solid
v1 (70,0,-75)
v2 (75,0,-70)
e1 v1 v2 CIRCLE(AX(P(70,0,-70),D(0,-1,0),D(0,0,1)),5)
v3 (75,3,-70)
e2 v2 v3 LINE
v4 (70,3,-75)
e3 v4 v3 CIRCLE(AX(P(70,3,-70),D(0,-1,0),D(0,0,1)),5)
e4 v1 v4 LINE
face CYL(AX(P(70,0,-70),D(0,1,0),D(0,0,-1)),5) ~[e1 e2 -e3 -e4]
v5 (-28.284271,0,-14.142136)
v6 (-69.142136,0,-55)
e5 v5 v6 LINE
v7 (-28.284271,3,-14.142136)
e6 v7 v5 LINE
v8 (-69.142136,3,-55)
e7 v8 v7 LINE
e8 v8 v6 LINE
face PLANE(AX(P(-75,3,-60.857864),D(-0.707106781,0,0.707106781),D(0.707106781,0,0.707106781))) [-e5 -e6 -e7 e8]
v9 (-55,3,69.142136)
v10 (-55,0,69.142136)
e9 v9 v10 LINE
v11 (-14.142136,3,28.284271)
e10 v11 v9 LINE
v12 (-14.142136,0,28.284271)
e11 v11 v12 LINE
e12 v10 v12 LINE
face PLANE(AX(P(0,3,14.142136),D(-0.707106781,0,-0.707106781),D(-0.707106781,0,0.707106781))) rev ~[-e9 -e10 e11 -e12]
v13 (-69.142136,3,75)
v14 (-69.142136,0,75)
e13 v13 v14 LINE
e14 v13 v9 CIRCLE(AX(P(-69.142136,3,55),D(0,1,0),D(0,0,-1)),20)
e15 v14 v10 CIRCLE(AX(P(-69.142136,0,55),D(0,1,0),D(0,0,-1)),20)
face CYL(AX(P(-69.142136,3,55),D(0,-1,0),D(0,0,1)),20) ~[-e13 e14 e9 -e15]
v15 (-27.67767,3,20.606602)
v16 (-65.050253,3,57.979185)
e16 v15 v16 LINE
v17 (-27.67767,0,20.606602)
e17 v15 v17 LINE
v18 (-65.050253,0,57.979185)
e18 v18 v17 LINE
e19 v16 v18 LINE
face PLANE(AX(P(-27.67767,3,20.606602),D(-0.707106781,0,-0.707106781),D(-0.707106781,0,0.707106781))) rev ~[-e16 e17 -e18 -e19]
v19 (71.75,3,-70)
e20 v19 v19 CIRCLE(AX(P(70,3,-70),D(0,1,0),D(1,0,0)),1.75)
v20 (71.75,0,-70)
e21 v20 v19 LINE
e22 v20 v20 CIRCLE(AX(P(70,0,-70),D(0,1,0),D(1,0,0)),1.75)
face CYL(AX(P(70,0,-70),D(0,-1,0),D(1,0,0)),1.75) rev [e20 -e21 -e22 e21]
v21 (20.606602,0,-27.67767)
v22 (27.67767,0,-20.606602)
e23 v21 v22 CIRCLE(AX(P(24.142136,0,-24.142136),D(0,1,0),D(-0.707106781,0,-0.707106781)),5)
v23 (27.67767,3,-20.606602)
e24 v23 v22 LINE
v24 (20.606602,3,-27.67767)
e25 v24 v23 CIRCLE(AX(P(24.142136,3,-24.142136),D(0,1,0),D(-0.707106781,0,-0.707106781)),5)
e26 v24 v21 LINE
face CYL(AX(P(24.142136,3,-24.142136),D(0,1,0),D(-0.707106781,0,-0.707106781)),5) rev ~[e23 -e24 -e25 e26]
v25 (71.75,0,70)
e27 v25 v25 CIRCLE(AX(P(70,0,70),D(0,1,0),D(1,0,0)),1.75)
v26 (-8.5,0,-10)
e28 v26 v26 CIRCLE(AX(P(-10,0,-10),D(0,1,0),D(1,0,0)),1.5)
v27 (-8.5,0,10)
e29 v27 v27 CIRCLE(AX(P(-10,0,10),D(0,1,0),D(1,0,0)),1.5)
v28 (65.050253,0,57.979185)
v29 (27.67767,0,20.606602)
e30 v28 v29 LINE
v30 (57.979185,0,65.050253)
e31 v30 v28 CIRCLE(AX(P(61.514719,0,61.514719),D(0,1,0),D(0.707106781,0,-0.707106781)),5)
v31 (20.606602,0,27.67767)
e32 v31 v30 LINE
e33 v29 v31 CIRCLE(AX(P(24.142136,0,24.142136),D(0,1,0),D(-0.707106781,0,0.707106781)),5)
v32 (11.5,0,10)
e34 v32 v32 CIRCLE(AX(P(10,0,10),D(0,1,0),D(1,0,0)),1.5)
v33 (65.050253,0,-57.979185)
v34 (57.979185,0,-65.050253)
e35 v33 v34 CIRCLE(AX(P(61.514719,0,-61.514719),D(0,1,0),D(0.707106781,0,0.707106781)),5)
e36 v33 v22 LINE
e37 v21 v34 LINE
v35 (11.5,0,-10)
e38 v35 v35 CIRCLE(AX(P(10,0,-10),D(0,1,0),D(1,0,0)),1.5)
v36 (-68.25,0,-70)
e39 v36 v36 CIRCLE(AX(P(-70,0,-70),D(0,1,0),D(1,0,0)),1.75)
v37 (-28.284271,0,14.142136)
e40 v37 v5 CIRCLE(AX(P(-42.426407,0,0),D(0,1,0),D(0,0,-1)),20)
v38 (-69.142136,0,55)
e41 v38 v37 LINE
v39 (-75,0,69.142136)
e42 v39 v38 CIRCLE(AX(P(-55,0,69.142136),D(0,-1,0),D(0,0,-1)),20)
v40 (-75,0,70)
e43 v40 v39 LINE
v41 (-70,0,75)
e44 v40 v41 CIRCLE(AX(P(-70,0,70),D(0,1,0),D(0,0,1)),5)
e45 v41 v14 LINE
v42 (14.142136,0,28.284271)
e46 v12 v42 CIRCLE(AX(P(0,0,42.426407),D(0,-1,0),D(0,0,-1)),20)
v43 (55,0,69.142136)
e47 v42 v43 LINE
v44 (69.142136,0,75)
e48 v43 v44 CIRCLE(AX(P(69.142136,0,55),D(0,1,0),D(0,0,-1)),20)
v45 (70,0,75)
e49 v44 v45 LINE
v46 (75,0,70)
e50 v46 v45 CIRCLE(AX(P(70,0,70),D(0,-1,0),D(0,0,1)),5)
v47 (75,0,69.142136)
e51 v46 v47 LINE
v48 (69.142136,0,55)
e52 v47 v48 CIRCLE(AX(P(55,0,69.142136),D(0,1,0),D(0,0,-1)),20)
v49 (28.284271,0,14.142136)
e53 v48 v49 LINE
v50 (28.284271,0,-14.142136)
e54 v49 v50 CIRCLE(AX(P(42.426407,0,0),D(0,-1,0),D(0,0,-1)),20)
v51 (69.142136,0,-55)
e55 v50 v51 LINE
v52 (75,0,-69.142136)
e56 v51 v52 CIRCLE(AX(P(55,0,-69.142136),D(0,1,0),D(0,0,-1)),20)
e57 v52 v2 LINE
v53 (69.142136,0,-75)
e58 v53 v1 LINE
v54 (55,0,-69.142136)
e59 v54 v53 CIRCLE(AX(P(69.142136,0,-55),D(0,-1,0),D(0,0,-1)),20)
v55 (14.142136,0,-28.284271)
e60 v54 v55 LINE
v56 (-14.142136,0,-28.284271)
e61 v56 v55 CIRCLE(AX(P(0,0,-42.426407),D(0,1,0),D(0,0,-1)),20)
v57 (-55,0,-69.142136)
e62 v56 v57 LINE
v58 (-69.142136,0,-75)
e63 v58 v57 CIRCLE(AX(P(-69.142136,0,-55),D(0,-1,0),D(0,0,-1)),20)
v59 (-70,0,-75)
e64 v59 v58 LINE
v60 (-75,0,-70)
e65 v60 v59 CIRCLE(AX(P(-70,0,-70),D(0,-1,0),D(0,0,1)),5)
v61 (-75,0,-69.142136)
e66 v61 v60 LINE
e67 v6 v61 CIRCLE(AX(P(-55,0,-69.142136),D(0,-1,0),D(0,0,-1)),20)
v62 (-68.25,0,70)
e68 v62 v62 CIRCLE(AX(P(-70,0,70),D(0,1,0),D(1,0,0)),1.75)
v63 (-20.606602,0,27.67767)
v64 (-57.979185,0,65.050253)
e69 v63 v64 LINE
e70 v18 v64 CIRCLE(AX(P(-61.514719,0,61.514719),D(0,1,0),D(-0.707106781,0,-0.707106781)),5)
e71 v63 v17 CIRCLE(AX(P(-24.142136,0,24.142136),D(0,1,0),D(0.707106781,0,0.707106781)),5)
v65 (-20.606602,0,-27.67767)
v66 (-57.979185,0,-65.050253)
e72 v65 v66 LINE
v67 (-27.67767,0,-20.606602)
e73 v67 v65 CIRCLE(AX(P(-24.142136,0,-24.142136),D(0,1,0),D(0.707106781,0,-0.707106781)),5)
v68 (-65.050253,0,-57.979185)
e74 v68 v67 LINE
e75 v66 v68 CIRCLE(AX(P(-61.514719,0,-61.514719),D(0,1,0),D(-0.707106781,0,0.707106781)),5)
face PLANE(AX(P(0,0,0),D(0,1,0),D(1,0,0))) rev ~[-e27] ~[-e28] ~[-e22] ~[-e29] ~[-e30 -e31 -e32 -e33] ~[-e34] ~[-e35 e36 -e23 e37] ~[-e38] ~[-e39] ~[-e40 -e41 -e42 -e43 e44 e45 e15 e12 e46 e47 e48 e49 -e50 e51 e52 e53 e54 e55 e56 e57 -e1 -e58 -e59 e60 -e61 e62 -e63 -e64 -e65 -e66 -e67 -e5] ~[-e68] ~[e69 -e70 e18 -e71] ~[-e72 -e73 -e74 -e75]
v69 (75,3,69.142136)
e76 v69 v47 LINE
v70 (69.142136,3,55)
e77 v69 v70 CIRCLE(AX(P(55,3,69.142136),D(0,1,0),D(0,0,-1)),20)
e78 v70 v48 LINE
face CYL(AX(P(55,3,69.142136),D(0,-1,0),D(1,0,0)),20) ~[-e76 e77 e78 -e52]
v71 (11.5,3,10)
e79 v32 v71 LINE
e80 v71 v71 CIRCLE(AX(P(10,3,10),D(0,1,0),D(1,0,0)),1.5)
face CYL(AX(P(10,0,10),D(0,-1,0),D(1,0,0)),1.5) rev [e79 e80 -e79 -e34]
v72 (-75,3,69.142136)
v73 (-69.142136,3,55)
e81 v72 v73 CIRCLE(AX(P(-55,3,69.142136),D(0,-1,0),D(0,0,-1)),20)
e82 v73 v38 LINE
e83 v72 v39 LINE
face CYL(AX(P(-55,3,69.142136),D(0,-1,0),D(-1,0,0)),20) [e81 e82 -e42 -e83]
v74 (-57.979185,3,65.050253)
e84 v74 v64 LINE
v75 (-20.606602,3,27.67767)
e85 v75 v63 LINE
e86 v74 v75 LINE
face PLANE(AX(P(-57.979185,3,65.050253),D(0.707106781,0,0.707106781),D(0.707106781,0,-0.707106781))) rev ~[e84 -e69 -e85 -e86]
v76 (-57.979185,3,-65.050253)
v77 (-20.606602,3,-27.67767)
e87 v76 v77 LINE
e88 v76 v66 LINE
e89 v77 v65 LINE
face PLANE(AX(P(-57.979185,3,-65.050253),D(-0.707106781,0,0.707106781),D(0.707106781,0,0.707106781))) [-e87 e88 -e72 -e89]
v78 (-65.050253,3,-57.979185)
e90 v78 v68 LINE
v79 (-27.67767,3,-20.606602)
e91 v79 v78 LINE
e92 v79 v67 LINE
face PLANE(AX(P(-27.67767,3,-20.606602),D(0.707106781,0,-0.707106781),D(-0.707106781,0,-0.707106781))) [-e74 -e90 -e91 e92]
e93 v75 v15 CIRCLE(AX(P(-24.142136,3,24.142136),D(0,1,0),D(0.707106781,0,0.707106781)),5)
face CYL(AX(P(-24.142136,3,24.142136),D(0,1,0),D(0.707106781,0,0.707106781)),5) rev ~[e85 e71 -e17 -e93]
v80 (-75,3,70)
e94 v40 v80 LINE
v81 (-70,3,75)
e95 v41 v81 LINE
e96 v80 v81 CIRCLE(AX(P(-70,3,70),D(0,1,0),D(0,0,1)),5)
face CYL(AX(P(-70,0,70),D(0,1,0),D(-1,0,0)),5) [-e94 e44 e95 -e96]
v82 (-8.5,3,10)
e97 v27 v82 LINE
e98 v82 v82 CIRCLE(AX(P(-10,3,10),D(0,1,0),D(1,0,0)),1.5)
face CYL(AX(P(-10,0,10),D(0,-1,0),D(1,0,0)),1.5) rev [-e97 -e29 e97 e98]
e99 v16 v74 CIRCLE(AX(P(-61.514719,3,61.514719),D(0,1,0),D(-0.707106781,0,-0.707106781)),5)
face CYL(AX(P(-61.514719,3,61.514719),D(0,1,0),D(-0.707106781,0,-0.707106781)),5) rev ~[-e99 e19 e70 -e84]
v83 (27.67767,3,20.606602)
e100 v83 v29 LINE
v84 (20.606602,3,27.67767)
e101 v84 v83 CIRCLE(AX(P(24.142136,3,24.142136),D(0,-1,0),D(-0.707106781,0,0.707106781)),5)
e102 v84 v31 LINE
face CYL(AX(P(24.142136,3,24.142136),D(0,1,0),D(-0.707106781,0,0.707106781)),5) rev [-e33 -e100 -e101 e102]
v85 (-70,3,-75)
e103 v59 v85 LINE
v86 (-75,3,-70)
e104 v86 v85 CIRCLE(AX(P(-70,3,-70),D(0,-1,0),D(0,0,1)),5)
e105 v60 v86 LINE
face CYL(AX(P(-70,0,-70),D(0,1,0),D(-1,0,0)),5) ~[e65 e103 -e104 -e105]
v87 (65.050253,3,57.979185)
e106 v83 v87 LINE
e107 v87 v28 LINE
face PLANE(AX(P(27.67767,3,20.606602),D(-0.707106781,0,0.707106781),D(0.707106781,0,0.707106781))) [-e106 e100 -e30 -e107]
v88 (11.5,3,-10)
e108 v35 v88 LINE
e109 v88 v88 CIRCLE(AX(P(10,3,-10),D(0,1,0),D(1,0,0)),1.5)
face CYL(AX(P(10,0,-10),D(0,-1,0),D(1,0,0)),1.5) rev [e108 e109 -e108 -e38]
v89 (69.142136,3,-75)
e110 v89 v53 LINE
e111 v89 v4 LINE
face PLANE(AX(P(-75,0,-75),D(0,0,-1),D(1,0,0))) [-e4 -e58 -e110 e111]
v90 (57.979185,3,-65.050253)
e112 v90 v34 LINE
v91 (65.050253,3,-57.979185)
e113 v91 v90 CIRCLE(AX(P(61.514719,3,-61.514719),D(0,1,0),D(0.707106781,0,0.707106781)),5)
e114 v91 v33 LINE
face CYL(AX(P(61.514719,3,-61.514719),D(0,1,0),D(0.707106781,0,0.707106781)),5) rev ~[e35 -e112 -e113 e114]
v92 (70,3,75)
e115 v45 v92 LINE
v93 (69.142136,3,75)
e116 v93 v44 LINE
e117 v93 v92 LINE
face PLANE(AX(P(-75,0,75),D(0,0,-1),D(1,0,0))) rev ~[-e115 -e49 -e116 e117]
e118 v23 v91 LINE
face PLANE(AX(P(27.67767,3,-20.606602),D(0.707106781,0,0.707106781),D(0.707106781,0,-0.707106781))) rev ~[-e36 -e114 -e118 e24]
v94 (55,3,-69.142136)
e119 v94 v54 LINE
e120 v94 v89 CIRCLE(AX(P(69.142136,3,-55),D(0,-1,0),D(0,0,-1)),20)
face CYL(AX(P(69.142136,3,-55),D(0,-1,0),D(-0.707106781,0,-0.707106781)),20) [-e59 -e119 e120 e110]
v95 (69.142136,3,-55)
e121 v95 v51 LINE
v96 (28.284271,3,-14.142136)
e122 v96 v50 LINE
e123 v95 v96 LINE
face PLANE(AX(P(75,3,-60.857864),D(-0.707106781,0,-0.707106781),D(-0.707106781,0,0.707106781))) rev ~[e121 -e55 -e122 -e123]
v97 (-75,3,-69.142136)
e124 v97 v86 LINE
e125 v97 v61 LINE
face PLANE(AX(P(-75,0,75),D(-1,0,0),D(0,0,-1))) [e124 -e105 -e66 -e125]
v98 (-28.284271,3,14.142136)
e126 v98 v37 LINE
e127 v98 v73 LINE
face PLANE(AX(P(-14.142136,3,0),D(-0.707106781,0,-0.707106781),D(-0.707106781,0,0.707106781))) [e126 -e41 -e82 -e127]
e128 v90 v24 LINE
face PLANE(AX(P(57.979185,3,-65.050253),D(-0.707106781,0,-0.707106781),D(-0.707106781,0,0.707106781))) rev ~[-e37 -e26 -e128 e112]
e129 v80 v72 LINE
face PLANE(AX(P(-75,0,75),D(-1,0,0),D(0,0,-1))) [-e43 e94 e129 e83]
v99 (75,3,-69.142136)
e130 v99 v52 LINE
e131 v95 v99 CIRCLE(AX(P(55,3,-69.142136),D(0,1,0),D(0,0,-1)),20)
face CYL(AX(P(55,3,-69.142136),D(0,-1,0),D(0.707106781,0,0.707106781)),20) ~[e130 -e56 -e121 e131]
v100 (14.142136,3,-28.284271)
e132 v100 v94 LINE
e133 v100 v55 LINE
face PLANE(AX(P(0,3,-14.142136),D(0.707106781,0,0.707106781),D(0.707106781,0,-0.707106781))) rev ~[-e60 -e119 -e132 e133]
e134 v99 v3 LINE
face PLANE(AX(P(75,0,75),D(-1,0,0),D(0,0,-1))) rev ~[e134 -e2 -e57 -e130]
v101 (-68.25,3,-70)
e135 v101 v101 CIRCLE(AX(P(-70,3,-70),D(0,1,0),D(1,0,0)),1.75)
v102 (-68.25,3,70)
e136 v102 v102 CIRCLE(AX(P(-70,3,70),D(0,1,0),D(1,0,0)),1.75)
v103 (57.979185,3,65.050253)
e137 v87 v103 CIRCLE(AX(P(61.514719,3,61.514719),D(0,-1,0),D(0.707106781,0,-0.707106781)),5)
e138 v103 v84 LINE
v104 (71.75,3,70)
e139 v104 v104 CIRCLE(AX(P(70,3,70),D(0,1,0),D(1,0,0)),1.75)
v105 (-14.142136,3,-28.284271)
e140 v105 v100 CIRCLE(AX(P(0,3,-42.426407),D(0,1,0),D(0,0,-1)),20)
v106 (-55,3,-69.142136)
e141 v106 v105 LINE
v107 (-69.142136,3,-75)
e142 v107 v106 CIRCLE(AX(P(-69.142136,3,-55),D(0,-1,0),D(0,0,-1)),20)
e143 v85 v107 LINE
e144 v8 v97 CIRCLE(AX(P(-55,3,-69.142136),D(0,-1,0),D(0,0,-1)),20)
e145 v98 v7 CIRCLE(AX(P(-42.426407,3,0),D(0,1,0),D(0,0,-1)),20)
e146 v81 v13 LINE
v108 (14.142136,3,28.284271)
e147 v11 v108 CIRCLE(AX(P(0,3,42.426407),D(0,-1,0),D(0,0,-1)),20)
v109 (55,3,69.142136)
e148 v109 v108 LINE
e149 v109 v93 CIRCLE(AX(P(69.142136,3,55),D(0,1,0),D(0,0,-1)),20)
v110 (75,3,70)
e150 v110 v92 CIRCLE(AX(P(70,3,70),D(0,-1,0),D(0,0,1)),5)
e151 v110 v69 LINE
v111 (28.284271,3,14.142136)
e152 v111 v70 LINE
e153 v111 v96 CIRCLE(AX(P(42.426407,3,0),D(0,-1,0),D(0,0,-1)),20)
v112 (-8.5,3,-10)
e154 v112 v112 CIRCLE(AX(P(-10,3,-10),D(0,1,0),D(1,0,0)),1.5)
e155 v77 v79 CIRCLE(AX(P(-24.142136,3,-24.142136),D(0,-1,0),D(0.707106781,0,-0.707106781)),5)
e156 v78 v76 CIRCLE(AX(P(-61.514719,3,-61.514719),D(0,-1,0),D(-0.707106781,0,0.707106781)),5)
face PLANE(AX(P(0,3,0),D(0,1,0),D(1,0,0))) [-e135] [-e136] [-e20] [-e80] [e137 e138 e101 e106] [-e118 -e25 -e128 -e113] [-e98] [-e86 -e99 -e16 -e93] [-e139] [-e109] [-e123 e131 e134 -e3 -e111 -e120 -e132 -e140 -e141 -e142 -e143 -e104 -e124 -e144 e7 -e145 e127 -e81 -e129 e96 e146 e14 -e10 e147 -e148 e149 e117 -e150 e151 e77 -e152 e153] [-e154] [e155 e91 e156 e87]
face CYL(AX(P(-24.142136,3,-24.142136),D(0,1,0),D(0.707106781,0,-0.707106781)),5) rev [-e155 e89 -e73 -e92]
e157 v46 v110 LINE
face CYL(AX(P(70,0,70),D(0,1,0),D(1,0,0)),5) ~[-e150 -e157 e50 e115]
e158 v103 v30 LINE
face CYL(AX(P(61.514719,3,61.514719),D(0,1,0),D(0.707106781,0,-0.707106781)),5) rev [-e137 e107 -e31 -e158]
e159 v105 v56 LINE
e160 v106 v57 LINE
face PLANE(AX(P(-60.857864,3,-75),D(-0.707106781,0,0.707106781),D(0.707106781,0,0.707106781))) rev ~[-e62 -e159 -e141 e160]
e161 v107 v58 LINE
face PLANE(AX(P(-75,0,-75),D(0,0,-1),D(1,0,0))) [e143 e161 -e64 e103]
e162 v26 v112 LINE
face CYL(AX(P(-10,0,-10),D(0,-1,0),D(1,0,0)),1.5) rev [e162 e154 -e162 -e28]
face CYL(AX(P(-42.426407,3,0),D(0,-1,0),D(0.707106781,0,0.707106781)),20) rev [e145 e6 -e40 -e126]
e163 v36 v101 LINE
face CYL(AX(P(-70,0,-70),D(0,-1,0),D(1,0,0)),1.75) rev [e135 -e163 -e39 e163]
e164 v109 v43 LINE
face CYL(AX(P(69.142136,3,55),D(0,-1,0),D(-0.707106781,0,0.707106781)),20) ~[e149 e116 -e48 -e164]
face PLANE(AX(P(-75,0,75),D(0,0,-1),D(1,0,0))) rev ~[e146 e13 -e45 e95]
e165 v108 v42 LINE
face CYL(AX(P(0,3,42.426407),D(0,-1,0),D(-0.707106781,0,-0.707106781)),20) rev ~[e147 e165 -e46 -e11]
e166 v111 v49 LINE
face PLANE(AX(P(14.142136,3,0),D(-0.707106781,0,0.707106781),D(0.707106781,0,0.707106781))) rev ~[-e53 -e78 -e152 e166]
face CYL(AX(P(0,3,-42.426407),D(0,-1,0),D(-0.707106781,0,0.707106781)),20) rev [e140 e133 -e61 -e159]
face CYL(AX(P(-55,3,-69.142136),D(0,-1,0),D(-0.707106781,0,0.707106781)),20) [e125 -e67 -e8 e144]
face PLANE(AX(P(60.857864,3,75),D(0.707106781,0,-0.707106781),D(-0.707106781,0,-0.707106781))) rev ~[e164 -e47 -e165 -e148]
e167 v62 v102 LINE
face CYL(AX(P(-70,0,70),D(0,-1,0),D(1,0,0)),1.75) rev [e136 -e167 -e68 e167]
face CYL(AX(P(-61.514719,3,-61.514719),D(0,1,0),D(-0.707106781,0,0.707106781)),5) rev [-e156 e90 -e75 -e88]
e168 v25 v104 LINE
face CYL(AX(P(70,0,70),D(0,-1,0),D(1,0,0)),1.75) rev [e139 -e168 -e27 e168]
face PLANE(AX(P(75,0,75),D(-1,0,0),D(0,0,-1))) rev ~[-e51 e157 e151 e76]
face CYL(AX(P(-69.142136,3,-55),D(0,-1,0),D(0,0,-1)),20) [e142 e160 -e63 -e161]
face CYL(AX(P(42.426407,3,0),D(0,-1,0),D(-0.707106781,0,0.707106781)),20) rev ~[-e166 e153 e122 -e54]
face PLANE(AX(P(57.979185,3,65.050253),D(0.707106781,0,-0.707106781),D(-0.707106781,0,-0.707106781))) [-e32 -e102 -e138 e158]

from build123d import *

# Parameters (mm, degrees)
SKETCH3_W           = 150
SKETCH3_H           = 150
SKETCH3_R           = 1.75
SKETCH3_R_2         = 1.5
BOSS_EXTRUDE2_DEPTH = 3
CUT_EXTRUDE2_REACH  = 5
FILLET2_R           = 5
FILLET3_R           = 20


with BuildPart() as part:
    # Sketch3 → Boss-Extrude2 (new body)
    with BuildSketch(Plane(origin=(0, 0, 0), x_dir=(1, 0, 0), z_dir=(0, 1, 0))):
        Rectangle(SKETCH3_W, SKETCH3_H)
        with Locations((-70, 70)):
            Circle(SKETCH3_R, mode=Mode.SUBTRACT)
        with Locations((70, -70)):
            Circle(SKETCH3_R, mode=Mode.SUBTRACT)
        with Locations((-70, -70)):
            Circle(SKETCH3_R, mode=Mode.SUBTRACT)
        with Locations((70, 70)):
            Circle(SKETCH3_R, mode=Mode.SUBTRACT)
        with Locations((-10, 10)):
            Circle(SKETCH3_R_2, mode=Mode.SUBTRACT)
        with Locations((10, -10)):
            Circle(SKETCH3_R_2, mode=Mode.SUBTRACT)
        with Locations((-10, -10)):
            Circle(SKETCH3_R_2, mode=Mode.SUBTRACT)
        with Locations((10, 10)):
            Circle(SKETCH3_R_2, mode=Mode.SUBTRACT)
    extrude(amount=BOSS_EXTRUDE2_DEPTH)

    # Sketch4 → Cut-Extrude2 (cut, up to next)
    with BuildSketch(Plane(origin=(0, 3, 0), x_dir=(1, 0, 0), z_dir=(0, 1, 0)), mode=Mode.PRIVATE) as cut_extrude2_sk1:
        with BuildLine():
            Line((-27.67766953, 20.606601718), (-65.050252532, 57.97918472))
            ThreePointArc((-65.050252532, 57.97918472), (-65.050252532, 65.050252532), (-57.97918472, 65.050252532))
            Line((-57.97918472, 65.050252532), (-20.606601718, 27.67766953))
            ThreePointArc((-20.606601718, 27.67766953), (-20.606601718, 20.606601718), (-27.67766953, 20.606601718))
        make_face()
    cut_extrude2_tool1 = extrude(cut_extrude2_sk1.sketch, amount=-CUT_EXTRUDE2_REACH, mode=Mode.PRIVATE) & part.part
    add(cut_extrude2_tool1.solids().sort_by_distance((-42.828427, 3, -42.828427))[0], mode=Mode.SUBTRACT)
    # Sketch4 → Cut-Extrude2 (cut, up to next)
    with BuildSketch(Plane(origin=(0, 3, 0), x_dir=(1, 0, 0), z_dir=(0, 1, 0)), mode=Mode.PRIVATE) as cut_extrude2_sk2:
        Polygon((-75, 60.857864376), (-14.142135624, 0), (-75, -60.857864376), align=None)
    cut_extrude2_tool2 = extrude(cut_extrude2_sk2.sketch, amount=-CUT_EXTRUDE2_REACH, mode=Mode.PRIVATE) & part.part
    add(cut_extrude2_tool2.solids().sort_by_distance((-54.714045, 3, 0))[0], mode=Mode.SUBTRACT)
    # Sketch4 → Cut-Extrude2 (cut, up to next)
    with BuildSketch(Plane(origin=(0, 3, 0), x_dir=(1, 0, 0), z_dir=(0, 1, 0)), mode=Mode.PRIVATE) as cut_extrude2_sk3:
        with BuildLine():
            Line((27.67766953, 20.606601718), (65.050252532, 57.97918472))
            ThreePointArc((65.050252532, 57.97918472), (65.050252532, 65.050252532), (57.97918472, 65.050252532))
            Line((57.97918472, 65.050252532), (20.606601718, 27.67766953))
            ThreePointArc((20.606601718, 27.67766953), (20.606601718, 20.606601718), (27.67766953, 20.606601718))
        make_face()
    cut_extrude2_tool3 = extrude(cut_extrude2_sk3.sketch, amount=-CUT_EXTRUDE2_REACH, mode=Mode.PRIVATE) & part.part
    add(cut_extrude2_tool3.solids().sort_by_distance((42.828427, 3, -42.828427))[0], mode=Mode.SUBTRACT)
    # Sketch4 → Cut-Extrude2 (cut, up to next)
    with BuildSketch(Plane(origin=(0, 3, 0), x_dir=(1, 0, 0), z_dir=(0, 1, 0)), mode=Mode.PRIVATE) as cut_extrude2_sk4:
        with BuildLine():
            Line((27.67766953, -20.606601718), (65.050252532, -57.97918472))
            ThreePointArc((65.050252532, -57.97918472), (65.050252532, -65.050252532), (57.97918472, -65.050252532))
            Line((57.97918472, -65.050252532), (20.606601718, -27.67766953))
            ThreePointArc((20.606601718, -27.67766953), (20.606601718, -20.606601718), (27.67766953, -20.606601718))
        make_face()
    cut_extrude2_tool4 = extrude(cut_extrude2_sk4.sketch, amount=-CUT_EXTRUDE2_REACH, mode=Mode.PRIVATE) & part.part
    add(cut_extrude2_tool4.solids().sort_by_distance((42.828427, 3, 42.828427))[0], mode=Mode.SUBTRACT)
    # Sketch4 → Cut-Extrude2 (cut, up to next)
    with BuildSketch(Plane(origin=(0, 3, 0), x_dir=(1, 0, 0), z_dir=(0, 1, 0)), mode=Mode.PRIVATE) as cut_extrude2_sk5:
        with BuildLine():
            Line((-27.67766953, -20.606601718), (-65.050252532, -57.97918472))
            ThreePointArc((-65.050252532, -57.97918472), (-65.050252532, -65.050252532), (-57.97918472, -65.050252532))
            Line((-57.97918472, -65.050252532), (-20.606601718, -27.67766953))
            ThreePointArc((-20.606601718, -27.67766953), (-20.606601718, -20.606601718), (-27.67766953, -20.606601718))
        make_face()
    cut_extrude2_tool5 = extrude(cut_extrude2_sk5.sketch, amount=-CUT_EXTRUDE2_REACH, mode=Mode.PRIVATE) & part.part
    add(cut_extrude2_tool5.solids().sort_by_distance((-42.828427, 3, 42.828427))[0], mode=Mode.SUBTRACT)
    # Sketch4 → Cut-Extrude2 (cut, up to next)
    with BuildSketch(Plane(origin=(0, 3, 0), x_dir=(1, 0, 0), z_dir=(0, 1, 0)), mode=Mode.PRIVATE) as cut_extrude2_sk6:
        Polygon((75, 60.857864376), (14.142135624, 0), (75, -60.857864376), align=None)
    cut_extrude2_tool6 = extrude(cut_extrude2_sk6.sketch, amount=-CUT_EXTRUDE2_REACH, mode=Mode.PRIVATE) & part.part
    add(cut_extrude2_tool6.solids().sort_by_distance((54.714045, 3, 0))[0], mode=Mode.SUBTRACT)
    # Sketch4 → Cut-Extrude2 (cut, up to next)
    with BuildSketch(Plane(origin=(0, 3, 0), x_dir=(1, 0, 0), z_dir=(0, 1, 0)), mode=Mode.PRIVATE) as cut_extrude2_sk7:
        Polygon((-60.857864376, -75), (60.857864376, -75), (0, -14.142135624), align=None)
    cut_extrude2_tool7 = extrude(cut_extrude2_sk7.sketch, amount=-CUT_EXTRUDE2_REACH, mode=Mode.PRIVATE) & part.part
    add(cut_extrude2_tool7.solids().sort_by_distance((0, 3, 54.714045))[0], mode=Mode.SUBTRACT)
    # Sketch4 → Cut-Extrude2 (cut, up to next)
    with BuildSketch(Plane(origin=(0, 3, 0), x_dir=(1, 0, 0), z_dir=(0, 1, 0)), mode=Mode.PRIVATE) as cut_extrude2_sk8:
        Polygon((-60.857864376, 75), (0, 14.142135624), (60.857864376, 75), align=None)
    cut_extrude2_tool8 = extrude(cut_extrude2_sk8.sketch, amount=-CUT_EXTRUDE2_REACH, mode=Mode.PRIVATE) & part.part
    add(cut_extrude2_tool8.solids().sort_by_distance((0, 3, -54.714045))[0], mode=Mode.SUBTRACT)

    # Fillet2
    fillet2_edges = [part.edges().sort_by_distance(p)[0] for p in [
        (75, 1.5, 75),
        (-75, 1.5, 75),
        (-75, 1.5, -75),
        (75, 1.5, -75),
    ]]
    fillet(fillet2_edges, radius=FILLET2_R)

    # Fillet3
    fillet3_edges = [part.edges().sort_by_distance(p)[0] for p in [
        (75, 1.5, -60.857864376),
        (75, 1.5, 60.857864376),
        (14.142135624, 1.5, 0),
        (-60.857864376, 1.5, 75),
        (0, 1.5, 14.142135624),
        (60.857864376, 1.5, 75),
        (-75, 1.5, 60.857864376),
        (-75, 1.5, -60.857864376),
        (-14.142135624, 1.5, 0),
        (-60.857864376, 1.5, -75),
        (60.857864376, 1.5, -75),
        (0, 1.5, -14.142135624),
    ]]
    fillet(fillet3_edges, radius=FILLET3_R)


solid = part.part
